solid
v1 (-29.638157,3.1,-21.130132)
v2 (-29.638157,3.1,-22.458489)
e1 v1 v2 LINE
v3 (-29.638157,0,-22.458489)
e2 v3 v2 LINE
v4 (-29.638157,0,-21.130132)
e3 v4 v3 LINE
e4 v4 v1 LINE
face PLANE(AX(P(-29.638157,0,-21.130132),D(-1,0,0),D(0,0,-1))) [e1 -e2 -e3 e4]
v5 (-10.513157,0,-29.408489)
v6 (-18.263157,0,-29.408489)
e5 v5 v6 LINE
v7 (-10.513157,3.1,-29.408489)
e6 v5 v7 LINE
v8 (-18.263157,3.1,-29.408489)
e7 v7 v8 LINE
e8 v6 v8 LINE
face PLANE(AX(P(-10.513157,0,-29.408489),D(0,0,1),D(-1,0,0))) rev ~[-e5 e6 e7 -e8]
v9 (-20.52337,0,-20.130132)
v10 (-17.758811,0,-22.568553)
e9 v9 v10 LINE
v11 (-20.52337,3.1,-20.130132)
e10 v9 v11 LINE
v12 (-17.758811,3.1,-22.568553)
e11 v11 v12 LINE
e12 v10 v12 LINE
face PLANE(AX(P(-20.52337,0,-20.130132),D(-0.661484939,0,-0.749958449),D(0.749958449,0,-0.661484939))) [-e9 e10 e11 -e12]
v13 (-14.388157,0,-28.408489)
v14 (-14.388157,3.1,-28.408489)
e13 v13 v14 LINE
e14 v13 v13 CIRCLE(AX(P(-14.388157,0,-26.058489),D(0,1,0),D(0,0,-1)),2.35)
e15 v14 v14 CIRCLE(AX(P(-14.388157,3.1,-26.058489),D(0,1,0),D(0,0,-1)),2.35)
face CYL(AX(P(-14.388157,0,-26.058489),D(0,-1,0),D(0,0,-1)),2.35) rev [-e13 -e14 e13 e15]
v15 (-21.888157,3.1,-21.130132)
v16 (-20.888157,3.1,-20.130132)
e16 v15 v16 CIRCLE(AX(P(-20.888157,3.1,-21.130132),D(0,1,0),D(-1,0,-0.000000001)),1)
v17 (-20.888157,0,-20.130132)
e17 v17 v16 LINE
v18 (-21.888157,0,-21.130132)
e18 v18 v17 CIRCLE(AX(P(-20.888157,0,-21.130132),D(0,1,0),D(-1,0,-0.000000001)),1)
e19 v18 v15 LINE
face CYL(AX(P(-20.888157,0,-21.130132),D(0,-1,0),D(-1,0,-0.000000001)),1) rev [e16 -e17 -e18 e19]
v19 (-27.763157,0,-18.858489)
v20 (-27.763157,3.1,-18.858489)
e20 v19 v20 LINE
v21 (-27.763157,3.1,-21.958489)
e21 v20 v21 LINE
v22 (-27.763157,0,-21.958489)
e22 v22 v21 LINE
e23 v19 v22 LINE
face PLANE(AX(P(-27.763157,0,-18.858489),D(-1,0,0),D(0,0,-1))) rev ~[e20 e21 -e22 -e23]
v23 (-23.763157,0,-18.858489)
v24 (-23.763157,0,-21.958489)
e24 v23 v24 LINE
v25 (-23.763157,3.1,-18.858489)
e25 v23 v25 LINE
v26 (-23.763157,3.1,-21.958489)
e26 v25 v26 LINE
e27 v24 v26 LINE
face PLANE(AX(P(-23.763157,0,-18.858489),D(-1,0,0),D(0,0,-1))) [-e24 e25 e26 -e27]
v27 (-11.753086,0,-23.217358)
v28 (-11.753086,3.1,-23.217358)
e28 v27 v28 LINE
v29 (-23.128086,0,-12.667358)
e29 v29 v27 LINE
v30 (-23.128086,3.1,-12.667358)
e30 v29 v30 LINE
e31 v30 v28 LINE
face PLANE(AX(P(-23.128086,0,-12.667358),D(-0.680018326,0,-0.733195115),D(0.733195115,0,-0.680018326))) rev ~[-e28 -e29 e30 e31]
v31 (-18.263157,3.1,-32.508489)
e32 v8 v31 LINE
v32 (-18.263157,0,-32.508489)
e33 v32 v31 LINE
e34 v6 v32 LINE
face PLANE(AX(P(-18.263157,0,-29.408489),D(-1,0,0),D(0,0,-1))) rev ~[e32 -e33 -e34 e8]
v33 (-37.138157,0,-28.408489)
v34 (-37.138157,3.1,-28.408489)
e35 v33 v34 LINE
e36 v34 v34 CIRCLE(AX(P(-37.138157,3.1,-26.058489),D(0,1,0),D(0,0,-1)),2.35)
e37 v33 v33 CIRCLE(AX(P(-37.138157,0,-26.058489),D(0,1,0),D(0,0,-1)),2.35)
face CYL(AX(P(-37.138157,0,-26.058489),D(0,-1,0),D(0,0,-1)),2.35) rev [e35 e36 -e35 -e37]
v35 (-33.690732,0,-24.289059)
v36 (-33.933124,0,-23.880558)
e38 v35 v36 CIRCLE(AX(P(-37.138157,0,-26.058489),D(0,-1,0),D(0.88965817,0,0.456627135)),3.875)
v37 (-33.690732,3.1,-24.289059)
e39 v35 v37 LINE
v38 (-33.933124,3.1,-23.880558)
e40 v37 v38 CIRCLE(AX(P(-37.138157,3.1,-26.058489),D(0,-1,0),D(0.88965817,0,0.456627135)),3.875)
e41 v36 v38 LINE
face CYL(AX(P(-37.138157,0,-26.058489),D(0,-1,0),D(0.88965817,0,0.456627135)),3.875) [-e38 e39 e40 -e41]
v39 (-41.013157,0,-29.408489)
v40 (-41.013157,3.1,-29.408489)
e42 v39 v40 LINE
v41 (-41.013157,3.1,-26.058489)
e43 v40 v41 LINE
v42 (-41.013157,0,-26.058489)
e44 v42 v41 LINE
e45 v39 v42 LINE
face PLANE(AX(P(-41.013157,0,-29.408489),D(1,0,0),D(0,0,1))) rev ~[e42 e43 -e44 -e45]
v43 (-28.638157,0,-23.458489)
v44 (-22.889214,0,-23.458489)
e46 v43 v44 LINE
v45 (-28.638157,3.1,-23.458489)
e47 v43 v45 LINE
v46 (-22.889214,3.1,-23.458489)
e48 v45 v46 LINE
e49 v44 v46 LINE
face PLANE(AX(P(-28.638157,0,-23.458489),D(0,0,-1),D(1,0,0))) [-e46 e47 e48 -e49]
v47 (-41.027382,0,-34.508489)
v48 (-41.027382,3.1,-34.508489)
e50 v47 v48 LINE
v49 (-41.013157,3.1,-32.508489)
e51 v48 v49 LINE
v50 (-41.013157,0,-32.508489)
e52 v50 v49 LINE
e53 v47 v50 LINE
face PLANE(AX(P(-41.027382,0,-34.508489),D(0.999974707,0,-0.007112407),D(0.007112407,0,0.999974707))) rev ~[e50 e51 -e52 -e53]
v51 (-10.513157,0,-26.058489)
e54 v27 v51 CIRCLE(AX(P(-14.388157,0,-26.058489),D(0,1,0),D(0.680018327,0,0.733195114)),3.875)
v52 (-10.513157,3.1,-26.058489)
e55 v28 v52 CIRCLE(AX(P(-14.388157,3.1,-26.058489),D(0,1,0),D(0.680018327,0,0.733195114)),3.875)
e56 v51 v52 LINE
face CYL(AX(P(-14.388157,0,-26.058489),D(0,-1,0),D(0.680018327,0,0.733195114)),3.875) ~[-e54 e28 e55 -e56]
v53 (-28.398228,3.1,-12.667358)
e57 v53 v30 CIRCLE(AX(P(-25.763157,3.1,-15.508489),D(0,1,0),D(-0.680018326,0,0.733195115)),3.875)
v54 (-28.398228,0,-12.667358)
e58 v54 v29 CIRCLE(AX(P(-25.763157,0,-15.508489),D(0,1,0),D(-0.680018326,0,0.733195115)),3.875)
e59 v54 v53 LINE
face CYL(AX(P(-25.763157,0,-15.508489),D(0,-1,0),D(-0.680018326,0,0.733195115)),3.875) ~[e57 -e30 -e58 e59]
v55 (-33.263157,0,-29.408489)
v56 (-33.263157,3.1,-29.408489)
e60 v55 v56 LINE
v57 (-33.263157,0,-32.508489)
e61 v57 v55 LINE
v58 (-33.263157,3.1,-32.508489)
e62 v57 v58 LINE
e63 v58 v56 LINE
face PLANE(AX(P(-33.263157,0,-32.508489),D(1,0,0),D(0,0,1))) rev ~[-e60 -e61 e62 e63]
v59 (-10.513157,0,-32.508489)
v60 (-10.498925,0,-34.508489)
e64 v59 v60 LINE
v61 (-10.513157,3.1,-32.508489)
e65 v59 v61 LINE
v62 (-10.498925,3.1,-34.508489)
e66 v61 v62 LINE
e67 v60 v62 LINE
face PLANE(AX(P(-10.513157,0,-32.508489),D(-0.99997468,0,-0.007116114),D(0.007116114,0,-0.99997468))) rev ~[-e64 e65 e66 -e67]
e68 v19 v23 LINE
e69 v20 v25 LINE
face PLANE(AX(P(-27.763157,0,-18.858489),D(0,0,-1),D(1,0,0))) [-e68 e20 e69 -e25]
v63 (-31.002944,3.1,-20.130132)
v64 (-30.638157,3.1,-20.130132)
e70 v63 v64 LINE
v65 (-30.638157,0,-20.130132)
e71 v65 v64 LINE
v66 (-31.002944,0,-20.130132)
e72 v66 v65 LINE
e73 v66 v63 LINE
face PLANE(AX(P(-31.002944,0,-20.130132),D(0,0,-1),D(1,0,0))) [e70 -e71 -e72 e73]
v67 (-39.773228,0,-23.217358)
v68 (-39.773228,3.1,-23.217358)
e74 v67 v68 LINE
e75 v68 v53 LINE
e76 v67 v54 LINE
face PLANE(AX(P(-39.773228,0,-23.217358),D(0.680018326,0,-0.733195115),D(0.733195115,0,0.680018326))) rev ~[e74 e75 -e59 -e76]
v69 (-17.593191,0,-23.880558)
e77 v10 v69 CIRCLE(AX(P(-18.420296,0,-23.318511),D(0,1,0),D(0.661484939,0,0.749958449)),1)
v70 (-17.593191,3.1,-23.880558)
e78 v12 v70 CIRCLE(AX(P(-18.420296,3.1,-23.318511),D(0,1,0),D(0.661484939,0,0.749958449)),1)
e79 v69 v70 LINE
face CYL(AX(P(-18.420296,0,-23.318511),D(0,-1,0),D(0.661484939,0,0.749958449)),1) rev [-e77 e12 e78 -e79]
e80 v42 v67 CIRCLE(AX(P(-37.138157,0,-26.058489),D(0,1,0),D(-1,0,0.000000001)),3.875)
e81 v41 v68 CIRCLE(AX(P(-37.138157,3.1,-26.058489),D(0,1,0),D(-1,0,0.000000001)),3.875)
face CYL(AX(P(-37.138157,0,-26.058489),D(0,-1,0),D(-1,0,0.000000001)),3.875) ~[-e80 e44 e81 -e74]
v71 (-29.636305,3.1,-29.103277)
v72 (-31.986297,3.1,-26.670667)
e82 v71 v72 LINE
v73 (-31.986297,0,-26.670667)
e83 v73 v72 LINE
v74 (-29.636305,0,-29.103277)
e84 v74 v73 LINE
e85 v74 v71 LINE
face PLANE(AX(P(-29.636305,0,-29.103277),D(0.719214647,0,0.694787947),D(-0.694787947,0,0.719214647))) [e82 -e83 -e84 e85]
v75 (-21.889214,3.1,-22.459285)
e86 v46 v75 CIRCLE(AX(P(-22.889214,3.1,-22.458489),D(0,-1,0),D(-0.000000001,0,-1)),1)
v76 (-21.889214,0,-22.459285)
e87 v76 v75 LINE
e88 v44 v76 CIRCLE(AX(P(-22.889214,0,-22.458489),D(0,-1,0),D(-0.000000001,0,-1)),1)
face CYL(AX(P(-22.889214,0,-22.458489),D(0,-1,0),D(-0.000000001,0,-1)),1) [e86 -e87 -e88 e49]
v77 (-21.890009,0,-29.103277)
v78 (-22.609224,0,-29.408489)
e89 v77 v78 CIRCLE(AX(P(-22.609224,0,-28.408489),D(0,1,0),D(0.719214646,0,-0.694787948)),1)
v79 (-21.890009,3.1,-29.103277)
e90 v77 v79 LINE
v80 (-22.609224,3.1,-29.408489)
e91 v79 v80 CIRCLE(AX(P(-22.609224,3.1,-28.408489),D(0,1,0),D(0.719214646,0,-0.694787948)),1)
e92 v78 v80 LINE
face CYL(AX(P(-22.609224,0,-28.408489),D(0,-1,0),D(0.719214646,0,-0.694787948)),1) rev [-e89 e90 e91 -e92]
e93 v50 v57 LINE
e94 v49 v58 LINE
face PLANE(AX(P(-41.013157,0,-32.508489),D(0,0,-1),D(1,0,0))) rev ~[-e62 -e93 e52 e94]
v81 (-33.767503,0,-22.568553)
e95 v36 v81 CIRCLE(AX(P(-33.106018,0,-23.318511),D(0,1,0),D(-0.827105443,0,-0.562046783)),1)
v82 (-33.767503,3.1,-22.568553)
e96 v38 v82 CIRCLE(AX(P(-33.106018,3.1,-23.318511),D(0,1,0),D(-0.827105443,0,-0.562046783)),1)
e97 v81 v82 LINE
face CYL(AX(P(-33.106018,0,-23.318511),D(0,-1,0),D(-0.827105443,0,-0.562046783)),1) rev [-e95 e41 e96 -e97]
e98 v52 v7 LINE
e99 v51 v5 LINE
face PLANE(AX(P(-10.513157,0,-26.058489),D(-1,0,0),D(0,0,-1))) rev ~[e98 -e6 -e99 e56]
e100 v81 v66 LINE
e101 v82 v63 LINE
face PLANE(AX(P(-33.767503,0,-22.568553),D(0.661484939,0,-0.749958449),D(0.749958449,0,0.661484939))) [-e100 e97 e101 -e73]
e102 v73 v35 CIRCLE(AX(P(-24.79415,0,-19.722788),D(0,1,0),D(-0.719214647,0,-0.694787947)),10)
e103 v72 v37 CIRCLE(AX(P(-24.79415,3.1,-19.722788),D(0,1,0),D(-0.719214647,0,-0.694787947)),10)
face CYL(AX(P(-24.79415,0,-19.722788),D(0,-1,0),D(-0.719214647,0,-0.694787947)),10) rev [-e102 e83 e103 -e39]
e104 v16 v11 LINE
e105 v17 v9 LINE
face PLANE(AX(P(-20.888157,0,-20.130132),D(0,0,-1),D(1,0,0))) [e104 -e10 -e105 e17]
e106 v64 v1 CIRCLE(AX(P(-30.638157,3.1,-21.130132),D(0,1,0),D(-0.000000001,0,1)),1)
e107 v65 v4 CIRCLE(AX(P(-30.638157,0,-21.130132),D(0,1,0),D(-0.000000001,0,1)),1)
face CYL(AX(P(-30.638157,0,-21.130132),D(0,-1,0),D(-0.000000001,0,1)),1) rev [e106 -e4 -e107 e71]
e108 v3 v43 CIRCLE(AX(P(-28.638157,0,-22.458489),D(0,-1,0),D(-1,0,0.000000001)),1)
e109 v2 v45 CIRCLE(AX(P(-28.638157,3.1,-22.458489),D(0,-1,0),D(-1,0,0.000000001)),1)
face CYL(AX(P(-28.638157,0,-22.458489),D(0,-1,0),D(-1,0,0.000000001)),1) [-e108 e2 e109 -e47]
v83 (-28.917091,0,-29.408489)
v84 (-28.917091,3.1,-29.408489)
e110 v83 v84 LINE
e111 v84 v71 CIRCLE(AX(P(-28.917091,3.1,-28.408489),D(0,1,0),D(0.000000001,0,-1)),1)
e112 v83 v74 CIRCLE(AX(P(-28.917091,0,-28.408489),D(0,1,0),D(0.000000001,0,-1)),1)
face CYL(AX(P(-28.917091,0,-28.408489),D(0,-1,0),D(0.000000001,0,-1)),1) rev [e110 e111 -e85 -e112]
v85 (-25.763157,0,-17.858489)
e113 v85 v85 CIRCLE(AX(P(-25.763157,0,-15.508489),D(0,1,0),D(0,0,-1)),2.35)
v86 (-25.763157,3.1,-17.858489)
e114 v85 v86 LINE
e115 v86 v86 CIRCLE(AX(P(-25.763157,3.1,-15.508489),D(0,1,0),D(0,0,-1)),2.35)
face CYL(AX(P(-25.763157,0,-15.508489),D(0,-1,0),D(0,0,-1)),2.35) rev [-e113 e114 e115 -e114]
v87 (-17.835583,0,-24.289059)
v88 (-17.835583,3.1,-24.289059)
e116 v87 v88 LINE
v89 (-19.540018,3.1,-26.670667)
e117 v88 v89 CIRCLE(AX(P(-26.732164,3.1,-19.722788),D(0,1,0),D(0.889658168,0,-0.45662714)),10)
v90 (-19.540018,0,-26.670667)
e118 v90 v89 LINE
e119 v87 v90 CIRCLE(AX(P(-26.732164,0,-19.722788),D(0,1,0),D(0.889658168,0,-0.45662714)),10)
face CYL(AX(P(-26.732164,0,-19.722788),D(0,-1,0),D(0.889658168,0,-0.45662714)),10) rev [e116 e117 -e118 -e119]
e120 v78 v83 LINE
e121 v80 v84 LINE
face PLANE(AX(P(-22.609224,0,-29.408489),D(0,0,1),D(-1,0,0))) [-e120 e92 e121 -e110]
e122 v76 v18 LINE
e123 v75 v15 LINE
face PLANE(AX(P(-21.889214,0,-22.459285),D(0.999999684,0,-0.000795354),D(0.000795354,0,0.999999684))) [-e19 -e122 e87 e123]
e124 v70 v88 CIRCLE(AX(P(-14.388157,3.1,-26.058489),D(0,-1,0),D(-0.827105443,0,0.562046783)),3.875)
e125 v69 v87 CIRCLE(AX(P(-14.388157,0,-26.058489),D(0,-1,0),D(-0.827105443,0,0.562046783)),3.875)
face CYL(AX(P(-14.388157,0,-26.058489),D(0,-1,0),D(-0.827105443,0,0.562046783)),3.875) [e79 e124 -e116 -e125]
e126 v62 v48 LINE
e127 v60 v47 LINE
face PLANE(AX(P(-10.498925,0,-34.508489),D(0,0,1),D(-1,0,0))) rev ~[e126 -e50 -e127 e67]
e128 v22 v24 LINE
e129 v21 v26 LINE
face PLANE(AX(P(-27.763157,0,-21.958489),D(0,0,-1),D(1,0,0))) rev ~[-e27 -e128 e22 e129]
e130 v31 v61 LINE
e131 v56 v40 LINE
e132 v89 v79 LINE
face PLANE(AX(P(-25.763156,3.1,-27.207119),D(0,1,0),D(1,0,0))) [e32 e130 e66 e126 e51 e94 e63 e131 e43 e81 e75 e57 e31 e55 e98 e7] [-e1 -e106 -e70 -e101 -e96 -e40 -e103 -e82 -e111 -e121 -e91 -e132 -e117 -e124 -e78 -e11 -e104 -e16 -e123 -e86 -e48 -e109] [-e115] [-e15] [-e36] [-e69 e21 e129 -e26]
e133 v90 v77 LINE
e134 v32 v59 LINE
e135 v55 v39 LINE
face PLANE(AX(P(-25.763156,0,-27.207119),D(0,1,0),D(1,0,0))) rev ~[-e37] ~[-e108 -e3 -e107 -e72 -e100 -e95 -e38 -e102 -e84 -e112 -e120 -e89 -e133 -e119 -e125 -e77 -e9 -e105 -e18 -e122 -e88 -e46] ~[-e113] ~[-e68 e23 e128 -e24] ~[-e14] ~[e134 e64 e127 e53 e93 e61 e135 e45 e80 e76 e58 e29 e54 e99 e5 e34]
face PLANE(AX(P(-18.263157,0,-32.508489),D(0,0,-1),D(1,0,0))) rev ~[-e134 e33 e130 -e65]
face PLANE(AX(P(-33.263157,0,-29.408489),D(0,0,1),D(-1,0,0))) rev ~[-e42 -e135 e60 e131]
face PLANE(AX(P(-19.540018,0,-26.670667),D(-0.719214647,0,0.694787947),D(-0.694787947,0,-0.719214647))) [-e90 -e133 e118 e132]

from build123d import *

# Parameters (mm, degrees)
SKETCH1_R      = 2.35
SKETCH1_W      = 4
SKETCH1_H      = 3.1
EXTRUDE1_DEPTH = 3.1


with BuildPart() as part:
    # Sketch1 → Extrude1 (new body)
    with BuildSketch(Plane(origin=(0, 0, 0), x_dir=(1, 0, 0), z_dir=(0, 1, 0))):
        with BuildLine():
            Line((-41.013157114, 29.408489293), (-41.013157114, 26.058489293))
            ThreePointArc((-41.013157114, 26.058489293), (-40.689672648, 24.508533678), (-39.773228128, 23.217358224))
            Line((-39.773228128, 23.217358224), (-28.398228128, 12.667358224))
            ThreePointArc((-28.398228128, 12.667358224), (-25.763157114, 11.633489293), (-23.1280861, 12.667358224))
            Line((-23.1280861, 12.667358224), (-11.7530861, 23.217358224))
            ThreePointArc((-11.7530861, 23.217358224), (-10.83664158, 24.508533678), (-10.513157114, 26.058489293))
            Line((-10.513157114, 26.058489293), (-10.513157114, 29.408489293))
            Line((-10.513157114, 29.408489293), (-18.263157114, 29.408489293))
            Line((-18.263157114, 29.408489293), (-18.263157114, 32.508489293))
            Line((-18.263157114, 32.508489293), (-10.513157114, 32.508489293))
            Line((-10.513157114, 32.508489293), (-10.498924525, 34.508489293))
            Line((-10.498924525, 34.508489293), (-41.027382287, 34.508489293))
            Line((-41.027382287, 34.508489293), (-41.013157114, 32.508489293))
            Line((-41.013157114, 32.508489293), (-33.263157114, 32.508489293))
            Line((-33.263157114, 32.508489293), (-33.263157114, 29.408489293))
            Line((-33.263157114, 29.408489293), (-41.013157114, 29.408489293))
        make_face()
        with Locations(Location((-14.388157114, 26.058489293, 0), (0, 0, 90))):
            Circle(SKETCH1_R, mode=Mode.SUBTRACT)
        with Locations(Location((-37.138157114, 26.058489293, 0), (0, 0, 90))):
            Circle(SKETCH1_R, mode=Mode.SUBTRACT)
        with Locations(Location((-25.763157114, 15.508489293, 0), (0, 0, 90))):
            Circle(SKETCH1_R, mode=Mode.SUBTRACT)
        with BuildLine():
            Line((-33.76750302, 22.568552775), (-31.002944054, 20.130132194))
            Line((-31.002944054, 20.130132194), (-30.638157114, 20.130132194))
            ThreePointArc((-30.638157114, 20.130132194), (-29.931050333, 20.423025412), (-29.638157114, 21.130132194))
            Line((-29.638157114, 21.130132194), (-29.638157114, 22.458489293))
            ThreePointArc((-29.638157114, 22.458489293), (-29.345263895, 23.165596075), (-28.638157114, 23.458489293))
            Line((-28.638157114, 23.458489293), (-22.889213944, 23.458489293))
            ThreePointArc((-22.889213944, 23.458489293), (-22.182388419, 23.165877219), (-21.889214261, 22.459284647))
            Line((-21.889214261, 22.459284647), (-21.888157114, 21.130132194))
            ThreePointArc((-21.888157114, 21.130132194), (-21.595263895, 20.423025412), (-20.888157114, 20.130132194))
            Line((-20.888157114, 20.130132194), (-20.523370174, 20.130132194))
            Line((-20.523370174, 20.130132194), (-17.758811208, 22.568552775))
            ThreePointArc((-17.758811208, 22.568552775), (-17.428169762, 23.19327051), (-17.593190704, 23.880558008))
            ThreePointArc((-17.593190704, 23.880558008), (-17.720651816, 24.081090988), (-17.835582513, 24.289059126))
            ThreePointArc((-17.835582513, 24.289059126), (-18.600140603, 25.542598068), (-19.540017718, 26.670667198))
            Line((-19.540017718, 26.670667198), (-21.890008982, 29.103277241))
            ThreePointArc((-21.890008982, 29.103277241), (-22.218575416, 29.329029338), (-22.609223629, 29.408489293))
            Line((-22.609223629, 29.408489293), (-28.917090599, 29.408489293))
            ThreePointArc((-28.917090599, 29.408489293), (-29.307738812, 29.329029338), (-29.636305246, 29.103277241))
            Line((-29.636305246, 29.103277241), (-31.98629651, 26.670667198))
            ThreePointArc((-31.98629651, 26.670667198), (-32.926173625, 25.542598068), (-33.690731715, 24.289059126))
            ThreePointArc((-33.690731715, 24.289059126), (-33.805662411, 24.081090988), (-33.933123524, 23.880558008))
            ThreePointArc((-33.933123524, 23.880558008), (-34.098144466, 23.19327051), (-33.76750302, 22.568552775))
        make_face(mode=Mode.SUBTRACT)
        with Locations((-25.763157114, 20.408489293)):
            Rectangle(SKETCH1_W, SKETCH1_H, mode=Mode.SUBTRACT)
    extrude(amount=EXTRUDE1_DEPTH)


solid = part.part
